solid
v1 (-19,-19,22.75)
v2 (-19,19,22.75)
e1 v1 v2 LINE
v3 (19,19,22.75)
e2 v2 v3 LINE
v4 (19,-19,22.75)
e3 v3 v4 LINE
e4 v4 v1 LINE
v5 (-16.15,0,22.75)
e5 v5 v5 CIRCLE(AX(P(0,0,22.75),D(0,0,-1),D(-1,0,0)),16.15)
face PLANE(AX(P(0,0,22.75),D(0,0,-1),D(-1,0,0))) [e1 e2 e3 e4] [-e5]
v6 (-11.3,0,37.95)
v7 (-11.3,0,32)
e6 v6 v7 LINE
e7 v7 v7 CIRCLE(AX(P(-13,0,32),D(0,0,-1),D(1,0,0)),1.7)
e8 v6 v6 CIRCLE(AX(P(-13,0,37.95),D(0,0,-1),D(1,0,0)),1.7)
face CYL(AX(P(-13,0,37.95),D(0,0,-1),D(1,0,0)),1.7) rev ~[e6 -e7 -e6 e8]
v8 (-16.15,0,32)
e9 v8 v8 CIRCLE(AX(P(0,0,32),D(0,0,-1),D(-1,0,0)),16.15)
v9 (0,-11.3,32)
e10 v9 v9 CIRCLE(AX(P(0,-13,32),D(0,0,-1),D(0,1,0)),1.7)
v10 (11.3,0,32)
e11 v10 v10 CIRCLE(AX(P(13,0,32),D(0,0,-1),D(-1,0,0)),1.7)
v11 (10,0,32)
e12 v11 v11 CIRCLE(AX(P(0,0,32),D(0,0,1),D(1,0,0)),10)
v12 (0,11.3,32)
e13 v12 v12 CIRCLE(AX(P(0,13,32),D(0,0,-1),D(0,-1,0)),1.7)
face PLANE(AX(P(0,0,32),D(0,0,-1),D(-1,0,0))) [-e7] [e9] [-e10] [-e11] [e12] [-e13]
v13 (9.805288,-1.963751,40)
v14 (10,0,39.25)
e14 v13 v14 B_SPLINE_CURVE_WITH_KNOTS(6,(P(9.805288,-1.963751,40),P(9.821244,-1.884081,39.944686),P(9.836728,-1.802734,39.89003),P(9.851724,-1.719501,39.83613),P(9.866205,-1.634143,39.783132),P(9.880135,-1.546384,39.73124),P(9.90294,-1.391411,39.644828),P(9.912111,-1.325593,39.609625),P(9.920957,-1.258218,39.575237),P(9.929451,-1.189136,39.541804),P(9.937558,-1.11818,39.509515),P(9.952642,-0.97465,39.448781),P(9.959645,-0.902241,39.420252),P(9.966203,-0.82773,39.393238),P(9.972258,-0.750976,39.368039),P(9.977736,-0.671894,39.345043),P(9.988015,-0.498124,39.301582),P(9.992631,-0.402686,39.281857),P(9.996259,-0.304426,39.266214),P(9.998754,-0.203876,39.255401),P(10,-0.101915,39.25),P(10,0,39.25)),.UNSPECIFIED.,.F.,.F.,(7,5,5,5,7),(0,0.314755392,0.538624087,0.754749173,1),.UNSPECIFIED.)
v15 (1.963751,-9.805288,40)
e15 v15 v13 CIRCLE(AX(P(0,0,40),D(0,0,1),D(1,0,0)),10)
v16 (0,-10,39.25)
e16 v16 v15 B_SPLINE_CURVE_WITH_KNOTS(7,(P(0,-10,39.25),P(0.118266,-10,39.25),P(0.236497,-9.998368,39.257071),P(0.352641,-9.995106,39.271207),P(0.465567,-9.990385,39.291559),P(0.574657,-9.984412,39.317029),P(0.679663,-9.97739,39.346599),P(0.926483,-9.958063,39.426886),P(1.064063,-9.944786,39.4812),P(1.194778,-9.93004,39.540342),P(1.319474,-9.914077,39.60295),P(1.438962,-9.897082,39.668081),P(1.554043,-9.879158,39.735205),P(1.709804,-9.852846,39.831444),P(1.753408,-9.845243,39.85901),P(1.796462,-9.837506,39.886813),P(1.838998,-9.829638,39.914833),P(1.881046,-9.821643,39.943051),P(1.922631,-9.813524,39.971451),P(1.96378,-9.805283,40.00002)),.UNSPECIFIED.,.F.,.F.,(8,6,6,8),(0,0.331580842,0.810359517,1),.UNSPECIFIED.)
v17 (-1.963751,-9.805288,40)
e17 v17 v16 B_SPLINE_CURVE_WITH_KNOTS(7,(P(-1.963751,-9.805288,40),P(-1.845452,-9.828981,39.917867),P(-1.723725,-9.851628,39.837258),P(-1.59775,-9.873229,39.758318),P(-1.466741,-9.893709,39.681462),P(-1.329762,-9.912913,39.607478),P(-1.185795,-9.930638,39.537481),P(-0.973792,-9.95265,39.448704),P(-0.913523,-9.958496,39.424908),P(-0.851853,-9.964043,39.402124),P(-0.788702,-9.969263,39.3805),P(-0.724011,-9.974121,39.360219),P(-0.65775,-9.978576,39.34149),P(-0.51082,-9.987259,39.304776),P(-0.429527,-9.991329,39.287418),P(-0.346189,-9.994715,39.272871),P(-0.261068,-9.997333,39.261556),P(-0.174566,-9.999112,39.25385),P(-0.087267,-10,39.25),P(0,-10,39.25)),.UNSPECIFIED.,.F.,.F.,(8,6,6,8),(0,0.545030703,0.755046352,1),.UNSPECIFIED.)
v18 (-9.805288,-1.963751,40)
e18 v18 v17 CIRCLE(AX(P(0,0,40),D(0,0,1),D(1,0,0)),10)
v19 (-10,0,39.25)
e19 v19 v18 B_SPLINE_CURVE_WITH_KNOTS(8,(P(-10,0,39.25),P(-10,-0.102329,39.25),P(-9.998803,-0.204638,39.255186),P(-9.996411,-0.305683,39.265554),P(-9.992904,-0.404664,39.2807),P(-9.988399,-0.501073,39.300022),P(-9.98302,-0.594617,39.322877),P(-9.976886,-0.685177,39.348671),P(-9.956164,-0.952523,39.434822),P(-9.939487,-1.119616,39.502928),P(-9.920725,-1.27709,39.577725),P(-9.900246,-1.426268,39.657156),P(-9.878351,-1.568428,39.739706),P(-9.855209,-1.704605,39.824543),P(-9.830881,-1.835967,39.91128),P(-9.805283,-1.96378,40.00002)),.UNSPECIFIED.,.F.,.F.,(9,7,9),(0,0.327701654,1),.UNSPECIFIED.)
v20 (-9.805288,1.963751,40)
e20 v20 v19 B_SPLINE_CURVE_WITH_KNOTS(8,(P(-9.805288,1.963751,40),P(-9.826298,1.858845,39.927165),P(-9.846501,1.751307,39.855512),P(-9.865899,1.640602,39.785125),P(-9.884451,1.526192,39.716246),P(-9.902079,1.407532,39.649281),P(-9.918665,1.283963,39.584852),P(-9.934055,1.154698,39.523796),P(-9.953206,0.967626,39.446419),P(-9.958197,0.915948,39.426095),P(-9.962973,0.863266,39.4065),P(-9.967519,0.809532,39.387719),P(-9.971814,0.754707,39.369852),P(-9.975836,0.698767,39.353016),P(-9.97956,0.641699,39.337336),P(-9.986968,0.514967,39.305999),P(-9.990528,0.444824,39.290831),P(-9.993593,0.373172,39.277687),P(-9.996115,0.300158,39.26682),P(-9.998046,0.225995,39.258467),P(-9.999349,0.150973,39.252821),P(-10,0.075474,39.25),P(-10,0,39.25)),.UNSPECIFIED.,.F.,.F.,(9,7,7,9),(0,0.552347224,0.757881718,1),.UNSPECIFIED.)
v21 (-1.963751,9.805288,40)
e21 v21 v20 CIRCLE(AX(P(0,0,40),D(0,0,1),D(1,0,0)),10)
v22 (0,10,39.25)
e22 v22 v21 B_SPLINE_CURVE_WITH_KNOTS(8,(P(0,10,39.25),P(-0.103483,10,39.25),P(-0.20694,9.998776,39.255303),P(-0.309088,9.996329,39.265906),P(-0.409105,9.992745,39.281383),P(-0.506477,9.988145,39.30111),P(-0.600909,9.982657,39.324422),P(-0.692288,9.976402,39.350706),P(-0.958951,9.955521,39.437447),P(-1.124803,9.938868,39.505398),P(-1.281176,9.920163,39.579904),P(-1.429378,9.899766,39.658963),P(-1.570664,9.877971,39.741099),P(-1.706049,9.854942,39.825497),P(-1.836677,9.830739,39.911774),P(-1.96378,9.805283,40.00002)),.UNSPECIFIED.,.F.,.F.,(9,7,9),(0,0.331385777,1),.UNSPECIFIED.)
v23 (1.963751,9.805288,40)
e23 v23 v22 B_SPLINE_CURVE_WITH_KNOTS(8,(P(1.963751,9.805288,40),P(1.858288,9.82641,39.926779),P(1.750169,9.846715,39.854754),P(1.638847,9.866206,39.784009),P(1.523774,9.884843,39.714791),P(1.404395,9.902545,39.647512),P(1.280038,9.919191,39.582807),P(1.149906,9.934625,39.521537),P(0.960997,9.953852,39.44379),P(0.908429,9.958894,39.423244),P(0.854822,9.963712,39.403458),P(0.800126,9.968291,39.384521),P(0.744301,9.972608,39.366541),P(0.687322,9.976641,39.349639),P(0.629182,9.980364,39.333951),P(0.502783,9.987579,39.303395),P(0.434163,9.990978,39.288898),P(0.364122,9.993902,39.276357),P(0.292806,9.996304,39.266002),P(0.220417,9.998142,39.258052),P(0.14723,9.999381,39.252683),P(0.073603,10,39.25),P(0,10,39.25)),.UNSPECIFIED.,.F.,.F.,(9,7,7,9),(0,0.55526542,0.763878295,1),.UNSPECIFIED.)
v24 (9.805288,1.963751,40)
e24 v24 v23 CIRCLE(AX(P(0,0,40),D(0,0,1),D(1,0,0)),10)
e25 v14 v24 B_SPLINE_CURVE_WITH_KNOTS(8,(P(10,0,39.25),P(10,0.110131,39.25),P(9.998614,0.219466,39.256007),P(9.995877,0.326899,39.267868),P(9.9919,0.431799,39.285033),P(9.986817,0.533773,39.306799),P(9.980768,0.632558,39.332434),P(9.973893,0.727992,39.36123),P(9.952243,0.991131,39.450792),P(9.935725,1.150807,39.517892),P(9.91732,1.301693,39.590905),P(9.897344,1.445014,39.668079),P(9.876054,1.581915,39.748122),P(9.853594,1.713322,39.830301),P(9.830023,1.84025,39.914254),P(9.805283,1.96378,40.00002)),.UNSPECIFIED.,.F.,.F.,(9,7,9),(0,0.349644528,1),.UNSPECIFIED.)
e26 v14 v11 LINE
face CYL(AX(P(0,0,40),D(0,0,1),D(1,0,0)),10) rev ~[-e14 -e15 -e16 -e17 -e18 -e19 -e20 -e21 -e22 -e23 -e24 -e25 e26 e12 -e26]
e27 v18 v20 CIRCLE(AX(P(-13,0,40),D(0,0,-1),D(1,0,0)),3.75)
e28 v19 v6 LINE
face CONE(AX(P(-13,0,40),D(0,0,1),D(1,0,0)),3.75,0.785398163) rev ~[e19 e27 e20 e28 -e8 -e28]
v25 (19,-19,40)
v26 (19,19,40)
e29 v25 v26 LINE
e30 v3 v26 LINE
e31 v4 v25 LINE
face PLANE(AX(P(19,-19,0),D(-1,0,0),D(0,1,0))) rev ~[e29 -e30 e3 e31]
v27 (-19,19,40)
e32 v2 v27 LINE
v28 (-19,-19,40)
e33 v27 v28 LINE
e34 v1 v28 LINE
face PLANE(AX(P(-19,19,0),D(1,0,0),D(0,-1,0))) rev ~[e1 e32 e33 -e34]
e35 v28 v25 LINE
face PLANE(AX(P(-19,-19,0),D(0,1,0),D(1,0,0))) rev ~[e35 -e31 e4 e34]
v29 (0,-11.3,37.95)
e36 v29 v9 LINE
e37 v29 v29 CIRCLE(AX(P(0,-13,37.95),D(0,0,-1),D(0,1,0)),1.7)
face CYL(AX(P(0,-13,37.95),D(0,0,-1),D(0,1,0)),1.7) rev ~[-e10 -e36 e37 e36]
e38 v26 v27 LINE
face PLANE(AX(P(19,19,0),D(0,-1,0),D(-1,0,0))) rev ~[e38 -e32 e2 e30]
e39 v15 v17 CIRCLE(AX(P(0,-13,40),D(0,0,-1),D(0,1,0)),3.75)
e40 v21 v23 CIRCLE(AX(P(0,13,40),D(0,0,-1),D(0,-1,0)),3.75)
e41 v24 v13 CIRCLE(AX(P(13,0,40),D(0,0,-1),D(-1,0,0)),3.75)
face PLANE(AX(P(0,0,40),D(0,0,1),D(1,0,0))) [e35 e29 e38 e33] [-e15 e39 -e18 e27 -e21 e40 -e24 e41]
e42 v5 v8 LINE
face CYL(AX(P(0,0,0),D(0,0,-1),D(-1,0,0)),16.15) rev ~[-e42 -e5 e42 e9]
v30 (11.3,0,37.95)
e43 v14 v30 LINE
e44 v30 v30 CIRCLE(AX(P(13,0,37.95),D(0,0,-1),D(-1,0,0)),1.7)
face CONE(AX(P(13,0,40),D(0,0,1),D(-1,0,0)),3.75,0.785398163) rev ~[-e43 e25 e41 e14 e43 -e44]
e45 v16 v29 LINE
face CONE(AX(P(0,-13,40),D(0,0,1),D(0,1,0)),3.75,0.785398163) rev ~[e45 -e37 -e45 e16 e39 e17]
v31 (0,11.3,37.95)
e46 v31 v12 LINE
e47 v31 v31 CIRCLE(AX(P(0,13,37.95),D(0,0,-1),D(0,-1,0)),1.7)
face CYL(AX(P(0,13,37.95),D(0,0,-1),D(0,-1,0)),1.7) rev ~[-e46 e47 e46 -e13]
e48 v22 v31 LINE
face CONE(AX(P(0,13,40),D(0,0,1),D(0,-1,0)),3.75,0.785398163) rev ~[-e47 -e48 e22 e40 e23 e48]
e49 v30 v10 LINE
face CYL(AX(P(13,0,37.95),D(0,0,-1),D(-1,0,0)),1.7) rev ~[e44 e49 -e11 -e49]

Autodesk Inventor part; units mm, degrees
ref_plane "YZ Plane" through (0, 0, 0) normal (1, 0, 0) x (0, 1, 0)
ref_plane "XZ Plane" through (0, 0, 0) normal (0, 1, 0) x (-1, 0, 0)
ref_plane "XY Plane" through (0, 0, 0) normal (0, 0, 1) x (1, 0, 0)
sketch "Sketch1" plane through (0, 0, 0) normal (0, 0, 1) x (1, 0, 0)
  line L0 (-19, -19) -> (19, -19)
  line L1 (19, -19) -> (19, 19)
  line L2 (19, 19) -> (-19, 19)
  line L3 (-19, 19) -> (-19, -19)
  line L4 (-19, -19) -> (19, 19) construction
  line L5 (19, -19) -> (-19, 19) construction
  point P0 (0, 0)
  dimension "d0" = 38
extrude "Extrusion1" add sketch "Sketch1" along normal blind 100
sketch "Sketch2" plane through (0, 0, 0) normal (0, 0, -1) x (-1, 0, 0)
  circle A0 centre (0, 0) radius 16.15
  dimension "d3" = 32.3
extrude "Extrusion2" cut sketch "Sketch2" against normal blind 32
sketch "Sketch3" plane through (0, 0, 100) normal (0, 0, 1) x (1, 0, 0)
  circle A0 centre (0, 0) radius 17
  dimension "d6" = 34
extrude "Extrusion3" cut sketch "Sketch3" against normal blind 60
sketch "Sketch4" plane through (0, 0, 40) normal (0, 0, 1) x (1, 0, 0)
  circle A0 centre (0, 0) radius 10
  dimension "d9" = 20
extrude "Extrusion4" cut sketch "Sketch4" against normal through all
sketch "Sketch5" plane through (0, 0, 40) normal (0, 0, 1) x (1, 0, 0)
  point P0 (0, 0)
  point P1 (0, 13)
  dimension "d12" = 13
hole "Hole1" at (0, 13, 40) direction (0, 0, -1) diameter 3.4 end through all countersink diameter 7.5 countersink angle 90 clearance for "Countersunk Flat Head Hex Socket Screw DIN EN ISO 10642" size "M3" standard "DIN"
pattern_circular "Circular Pattern1" count 4 over 360 about axis through (0, 0, -10) along (0, 0, 1) of "Hole1"
sketch "Sketch6" plane through (0, 0, 100) normal (0, 0, 1) x (1, 0, 0)
  line L0 (26.1087, -24.9255) -> (-24.3734, -24.9255)
  line L1 (-24.3734, -24.9255) -> (-24.3734, 25.8721)
  line L2 (-24.3734, 25.8721) -> (26.1087, 25.8721)
  line L3 (26.1087, 25.8721) -> (26.1087, -24.9255)
  point P0 (0, 0)
extrude "Extrusion5" cut sketch "Sketch6" against normal up to surface (60 mm away)
sketch "Sketch7" plane through (0, 0, 0) normal (0, 0, -1) x (-1, 0, 0)
  line L0 (21.4324, -23.2888) -> (-21.2074, -23.2888)
  line L1 (-21.2074, -23.2888) -> (-21.2074, 21.7137)
  line L2 (-21.2074, 21.7137) -> (21.4324, 21.7137)
  line L3 (21.4324, 21.7137) -> (21.4324, -23.2888)
  point P0 (0, 0)
extrude "Extrusion6" cut sketch "Sketch7" against normal blind 22.75
properties part number "402-gearbox-housing"
